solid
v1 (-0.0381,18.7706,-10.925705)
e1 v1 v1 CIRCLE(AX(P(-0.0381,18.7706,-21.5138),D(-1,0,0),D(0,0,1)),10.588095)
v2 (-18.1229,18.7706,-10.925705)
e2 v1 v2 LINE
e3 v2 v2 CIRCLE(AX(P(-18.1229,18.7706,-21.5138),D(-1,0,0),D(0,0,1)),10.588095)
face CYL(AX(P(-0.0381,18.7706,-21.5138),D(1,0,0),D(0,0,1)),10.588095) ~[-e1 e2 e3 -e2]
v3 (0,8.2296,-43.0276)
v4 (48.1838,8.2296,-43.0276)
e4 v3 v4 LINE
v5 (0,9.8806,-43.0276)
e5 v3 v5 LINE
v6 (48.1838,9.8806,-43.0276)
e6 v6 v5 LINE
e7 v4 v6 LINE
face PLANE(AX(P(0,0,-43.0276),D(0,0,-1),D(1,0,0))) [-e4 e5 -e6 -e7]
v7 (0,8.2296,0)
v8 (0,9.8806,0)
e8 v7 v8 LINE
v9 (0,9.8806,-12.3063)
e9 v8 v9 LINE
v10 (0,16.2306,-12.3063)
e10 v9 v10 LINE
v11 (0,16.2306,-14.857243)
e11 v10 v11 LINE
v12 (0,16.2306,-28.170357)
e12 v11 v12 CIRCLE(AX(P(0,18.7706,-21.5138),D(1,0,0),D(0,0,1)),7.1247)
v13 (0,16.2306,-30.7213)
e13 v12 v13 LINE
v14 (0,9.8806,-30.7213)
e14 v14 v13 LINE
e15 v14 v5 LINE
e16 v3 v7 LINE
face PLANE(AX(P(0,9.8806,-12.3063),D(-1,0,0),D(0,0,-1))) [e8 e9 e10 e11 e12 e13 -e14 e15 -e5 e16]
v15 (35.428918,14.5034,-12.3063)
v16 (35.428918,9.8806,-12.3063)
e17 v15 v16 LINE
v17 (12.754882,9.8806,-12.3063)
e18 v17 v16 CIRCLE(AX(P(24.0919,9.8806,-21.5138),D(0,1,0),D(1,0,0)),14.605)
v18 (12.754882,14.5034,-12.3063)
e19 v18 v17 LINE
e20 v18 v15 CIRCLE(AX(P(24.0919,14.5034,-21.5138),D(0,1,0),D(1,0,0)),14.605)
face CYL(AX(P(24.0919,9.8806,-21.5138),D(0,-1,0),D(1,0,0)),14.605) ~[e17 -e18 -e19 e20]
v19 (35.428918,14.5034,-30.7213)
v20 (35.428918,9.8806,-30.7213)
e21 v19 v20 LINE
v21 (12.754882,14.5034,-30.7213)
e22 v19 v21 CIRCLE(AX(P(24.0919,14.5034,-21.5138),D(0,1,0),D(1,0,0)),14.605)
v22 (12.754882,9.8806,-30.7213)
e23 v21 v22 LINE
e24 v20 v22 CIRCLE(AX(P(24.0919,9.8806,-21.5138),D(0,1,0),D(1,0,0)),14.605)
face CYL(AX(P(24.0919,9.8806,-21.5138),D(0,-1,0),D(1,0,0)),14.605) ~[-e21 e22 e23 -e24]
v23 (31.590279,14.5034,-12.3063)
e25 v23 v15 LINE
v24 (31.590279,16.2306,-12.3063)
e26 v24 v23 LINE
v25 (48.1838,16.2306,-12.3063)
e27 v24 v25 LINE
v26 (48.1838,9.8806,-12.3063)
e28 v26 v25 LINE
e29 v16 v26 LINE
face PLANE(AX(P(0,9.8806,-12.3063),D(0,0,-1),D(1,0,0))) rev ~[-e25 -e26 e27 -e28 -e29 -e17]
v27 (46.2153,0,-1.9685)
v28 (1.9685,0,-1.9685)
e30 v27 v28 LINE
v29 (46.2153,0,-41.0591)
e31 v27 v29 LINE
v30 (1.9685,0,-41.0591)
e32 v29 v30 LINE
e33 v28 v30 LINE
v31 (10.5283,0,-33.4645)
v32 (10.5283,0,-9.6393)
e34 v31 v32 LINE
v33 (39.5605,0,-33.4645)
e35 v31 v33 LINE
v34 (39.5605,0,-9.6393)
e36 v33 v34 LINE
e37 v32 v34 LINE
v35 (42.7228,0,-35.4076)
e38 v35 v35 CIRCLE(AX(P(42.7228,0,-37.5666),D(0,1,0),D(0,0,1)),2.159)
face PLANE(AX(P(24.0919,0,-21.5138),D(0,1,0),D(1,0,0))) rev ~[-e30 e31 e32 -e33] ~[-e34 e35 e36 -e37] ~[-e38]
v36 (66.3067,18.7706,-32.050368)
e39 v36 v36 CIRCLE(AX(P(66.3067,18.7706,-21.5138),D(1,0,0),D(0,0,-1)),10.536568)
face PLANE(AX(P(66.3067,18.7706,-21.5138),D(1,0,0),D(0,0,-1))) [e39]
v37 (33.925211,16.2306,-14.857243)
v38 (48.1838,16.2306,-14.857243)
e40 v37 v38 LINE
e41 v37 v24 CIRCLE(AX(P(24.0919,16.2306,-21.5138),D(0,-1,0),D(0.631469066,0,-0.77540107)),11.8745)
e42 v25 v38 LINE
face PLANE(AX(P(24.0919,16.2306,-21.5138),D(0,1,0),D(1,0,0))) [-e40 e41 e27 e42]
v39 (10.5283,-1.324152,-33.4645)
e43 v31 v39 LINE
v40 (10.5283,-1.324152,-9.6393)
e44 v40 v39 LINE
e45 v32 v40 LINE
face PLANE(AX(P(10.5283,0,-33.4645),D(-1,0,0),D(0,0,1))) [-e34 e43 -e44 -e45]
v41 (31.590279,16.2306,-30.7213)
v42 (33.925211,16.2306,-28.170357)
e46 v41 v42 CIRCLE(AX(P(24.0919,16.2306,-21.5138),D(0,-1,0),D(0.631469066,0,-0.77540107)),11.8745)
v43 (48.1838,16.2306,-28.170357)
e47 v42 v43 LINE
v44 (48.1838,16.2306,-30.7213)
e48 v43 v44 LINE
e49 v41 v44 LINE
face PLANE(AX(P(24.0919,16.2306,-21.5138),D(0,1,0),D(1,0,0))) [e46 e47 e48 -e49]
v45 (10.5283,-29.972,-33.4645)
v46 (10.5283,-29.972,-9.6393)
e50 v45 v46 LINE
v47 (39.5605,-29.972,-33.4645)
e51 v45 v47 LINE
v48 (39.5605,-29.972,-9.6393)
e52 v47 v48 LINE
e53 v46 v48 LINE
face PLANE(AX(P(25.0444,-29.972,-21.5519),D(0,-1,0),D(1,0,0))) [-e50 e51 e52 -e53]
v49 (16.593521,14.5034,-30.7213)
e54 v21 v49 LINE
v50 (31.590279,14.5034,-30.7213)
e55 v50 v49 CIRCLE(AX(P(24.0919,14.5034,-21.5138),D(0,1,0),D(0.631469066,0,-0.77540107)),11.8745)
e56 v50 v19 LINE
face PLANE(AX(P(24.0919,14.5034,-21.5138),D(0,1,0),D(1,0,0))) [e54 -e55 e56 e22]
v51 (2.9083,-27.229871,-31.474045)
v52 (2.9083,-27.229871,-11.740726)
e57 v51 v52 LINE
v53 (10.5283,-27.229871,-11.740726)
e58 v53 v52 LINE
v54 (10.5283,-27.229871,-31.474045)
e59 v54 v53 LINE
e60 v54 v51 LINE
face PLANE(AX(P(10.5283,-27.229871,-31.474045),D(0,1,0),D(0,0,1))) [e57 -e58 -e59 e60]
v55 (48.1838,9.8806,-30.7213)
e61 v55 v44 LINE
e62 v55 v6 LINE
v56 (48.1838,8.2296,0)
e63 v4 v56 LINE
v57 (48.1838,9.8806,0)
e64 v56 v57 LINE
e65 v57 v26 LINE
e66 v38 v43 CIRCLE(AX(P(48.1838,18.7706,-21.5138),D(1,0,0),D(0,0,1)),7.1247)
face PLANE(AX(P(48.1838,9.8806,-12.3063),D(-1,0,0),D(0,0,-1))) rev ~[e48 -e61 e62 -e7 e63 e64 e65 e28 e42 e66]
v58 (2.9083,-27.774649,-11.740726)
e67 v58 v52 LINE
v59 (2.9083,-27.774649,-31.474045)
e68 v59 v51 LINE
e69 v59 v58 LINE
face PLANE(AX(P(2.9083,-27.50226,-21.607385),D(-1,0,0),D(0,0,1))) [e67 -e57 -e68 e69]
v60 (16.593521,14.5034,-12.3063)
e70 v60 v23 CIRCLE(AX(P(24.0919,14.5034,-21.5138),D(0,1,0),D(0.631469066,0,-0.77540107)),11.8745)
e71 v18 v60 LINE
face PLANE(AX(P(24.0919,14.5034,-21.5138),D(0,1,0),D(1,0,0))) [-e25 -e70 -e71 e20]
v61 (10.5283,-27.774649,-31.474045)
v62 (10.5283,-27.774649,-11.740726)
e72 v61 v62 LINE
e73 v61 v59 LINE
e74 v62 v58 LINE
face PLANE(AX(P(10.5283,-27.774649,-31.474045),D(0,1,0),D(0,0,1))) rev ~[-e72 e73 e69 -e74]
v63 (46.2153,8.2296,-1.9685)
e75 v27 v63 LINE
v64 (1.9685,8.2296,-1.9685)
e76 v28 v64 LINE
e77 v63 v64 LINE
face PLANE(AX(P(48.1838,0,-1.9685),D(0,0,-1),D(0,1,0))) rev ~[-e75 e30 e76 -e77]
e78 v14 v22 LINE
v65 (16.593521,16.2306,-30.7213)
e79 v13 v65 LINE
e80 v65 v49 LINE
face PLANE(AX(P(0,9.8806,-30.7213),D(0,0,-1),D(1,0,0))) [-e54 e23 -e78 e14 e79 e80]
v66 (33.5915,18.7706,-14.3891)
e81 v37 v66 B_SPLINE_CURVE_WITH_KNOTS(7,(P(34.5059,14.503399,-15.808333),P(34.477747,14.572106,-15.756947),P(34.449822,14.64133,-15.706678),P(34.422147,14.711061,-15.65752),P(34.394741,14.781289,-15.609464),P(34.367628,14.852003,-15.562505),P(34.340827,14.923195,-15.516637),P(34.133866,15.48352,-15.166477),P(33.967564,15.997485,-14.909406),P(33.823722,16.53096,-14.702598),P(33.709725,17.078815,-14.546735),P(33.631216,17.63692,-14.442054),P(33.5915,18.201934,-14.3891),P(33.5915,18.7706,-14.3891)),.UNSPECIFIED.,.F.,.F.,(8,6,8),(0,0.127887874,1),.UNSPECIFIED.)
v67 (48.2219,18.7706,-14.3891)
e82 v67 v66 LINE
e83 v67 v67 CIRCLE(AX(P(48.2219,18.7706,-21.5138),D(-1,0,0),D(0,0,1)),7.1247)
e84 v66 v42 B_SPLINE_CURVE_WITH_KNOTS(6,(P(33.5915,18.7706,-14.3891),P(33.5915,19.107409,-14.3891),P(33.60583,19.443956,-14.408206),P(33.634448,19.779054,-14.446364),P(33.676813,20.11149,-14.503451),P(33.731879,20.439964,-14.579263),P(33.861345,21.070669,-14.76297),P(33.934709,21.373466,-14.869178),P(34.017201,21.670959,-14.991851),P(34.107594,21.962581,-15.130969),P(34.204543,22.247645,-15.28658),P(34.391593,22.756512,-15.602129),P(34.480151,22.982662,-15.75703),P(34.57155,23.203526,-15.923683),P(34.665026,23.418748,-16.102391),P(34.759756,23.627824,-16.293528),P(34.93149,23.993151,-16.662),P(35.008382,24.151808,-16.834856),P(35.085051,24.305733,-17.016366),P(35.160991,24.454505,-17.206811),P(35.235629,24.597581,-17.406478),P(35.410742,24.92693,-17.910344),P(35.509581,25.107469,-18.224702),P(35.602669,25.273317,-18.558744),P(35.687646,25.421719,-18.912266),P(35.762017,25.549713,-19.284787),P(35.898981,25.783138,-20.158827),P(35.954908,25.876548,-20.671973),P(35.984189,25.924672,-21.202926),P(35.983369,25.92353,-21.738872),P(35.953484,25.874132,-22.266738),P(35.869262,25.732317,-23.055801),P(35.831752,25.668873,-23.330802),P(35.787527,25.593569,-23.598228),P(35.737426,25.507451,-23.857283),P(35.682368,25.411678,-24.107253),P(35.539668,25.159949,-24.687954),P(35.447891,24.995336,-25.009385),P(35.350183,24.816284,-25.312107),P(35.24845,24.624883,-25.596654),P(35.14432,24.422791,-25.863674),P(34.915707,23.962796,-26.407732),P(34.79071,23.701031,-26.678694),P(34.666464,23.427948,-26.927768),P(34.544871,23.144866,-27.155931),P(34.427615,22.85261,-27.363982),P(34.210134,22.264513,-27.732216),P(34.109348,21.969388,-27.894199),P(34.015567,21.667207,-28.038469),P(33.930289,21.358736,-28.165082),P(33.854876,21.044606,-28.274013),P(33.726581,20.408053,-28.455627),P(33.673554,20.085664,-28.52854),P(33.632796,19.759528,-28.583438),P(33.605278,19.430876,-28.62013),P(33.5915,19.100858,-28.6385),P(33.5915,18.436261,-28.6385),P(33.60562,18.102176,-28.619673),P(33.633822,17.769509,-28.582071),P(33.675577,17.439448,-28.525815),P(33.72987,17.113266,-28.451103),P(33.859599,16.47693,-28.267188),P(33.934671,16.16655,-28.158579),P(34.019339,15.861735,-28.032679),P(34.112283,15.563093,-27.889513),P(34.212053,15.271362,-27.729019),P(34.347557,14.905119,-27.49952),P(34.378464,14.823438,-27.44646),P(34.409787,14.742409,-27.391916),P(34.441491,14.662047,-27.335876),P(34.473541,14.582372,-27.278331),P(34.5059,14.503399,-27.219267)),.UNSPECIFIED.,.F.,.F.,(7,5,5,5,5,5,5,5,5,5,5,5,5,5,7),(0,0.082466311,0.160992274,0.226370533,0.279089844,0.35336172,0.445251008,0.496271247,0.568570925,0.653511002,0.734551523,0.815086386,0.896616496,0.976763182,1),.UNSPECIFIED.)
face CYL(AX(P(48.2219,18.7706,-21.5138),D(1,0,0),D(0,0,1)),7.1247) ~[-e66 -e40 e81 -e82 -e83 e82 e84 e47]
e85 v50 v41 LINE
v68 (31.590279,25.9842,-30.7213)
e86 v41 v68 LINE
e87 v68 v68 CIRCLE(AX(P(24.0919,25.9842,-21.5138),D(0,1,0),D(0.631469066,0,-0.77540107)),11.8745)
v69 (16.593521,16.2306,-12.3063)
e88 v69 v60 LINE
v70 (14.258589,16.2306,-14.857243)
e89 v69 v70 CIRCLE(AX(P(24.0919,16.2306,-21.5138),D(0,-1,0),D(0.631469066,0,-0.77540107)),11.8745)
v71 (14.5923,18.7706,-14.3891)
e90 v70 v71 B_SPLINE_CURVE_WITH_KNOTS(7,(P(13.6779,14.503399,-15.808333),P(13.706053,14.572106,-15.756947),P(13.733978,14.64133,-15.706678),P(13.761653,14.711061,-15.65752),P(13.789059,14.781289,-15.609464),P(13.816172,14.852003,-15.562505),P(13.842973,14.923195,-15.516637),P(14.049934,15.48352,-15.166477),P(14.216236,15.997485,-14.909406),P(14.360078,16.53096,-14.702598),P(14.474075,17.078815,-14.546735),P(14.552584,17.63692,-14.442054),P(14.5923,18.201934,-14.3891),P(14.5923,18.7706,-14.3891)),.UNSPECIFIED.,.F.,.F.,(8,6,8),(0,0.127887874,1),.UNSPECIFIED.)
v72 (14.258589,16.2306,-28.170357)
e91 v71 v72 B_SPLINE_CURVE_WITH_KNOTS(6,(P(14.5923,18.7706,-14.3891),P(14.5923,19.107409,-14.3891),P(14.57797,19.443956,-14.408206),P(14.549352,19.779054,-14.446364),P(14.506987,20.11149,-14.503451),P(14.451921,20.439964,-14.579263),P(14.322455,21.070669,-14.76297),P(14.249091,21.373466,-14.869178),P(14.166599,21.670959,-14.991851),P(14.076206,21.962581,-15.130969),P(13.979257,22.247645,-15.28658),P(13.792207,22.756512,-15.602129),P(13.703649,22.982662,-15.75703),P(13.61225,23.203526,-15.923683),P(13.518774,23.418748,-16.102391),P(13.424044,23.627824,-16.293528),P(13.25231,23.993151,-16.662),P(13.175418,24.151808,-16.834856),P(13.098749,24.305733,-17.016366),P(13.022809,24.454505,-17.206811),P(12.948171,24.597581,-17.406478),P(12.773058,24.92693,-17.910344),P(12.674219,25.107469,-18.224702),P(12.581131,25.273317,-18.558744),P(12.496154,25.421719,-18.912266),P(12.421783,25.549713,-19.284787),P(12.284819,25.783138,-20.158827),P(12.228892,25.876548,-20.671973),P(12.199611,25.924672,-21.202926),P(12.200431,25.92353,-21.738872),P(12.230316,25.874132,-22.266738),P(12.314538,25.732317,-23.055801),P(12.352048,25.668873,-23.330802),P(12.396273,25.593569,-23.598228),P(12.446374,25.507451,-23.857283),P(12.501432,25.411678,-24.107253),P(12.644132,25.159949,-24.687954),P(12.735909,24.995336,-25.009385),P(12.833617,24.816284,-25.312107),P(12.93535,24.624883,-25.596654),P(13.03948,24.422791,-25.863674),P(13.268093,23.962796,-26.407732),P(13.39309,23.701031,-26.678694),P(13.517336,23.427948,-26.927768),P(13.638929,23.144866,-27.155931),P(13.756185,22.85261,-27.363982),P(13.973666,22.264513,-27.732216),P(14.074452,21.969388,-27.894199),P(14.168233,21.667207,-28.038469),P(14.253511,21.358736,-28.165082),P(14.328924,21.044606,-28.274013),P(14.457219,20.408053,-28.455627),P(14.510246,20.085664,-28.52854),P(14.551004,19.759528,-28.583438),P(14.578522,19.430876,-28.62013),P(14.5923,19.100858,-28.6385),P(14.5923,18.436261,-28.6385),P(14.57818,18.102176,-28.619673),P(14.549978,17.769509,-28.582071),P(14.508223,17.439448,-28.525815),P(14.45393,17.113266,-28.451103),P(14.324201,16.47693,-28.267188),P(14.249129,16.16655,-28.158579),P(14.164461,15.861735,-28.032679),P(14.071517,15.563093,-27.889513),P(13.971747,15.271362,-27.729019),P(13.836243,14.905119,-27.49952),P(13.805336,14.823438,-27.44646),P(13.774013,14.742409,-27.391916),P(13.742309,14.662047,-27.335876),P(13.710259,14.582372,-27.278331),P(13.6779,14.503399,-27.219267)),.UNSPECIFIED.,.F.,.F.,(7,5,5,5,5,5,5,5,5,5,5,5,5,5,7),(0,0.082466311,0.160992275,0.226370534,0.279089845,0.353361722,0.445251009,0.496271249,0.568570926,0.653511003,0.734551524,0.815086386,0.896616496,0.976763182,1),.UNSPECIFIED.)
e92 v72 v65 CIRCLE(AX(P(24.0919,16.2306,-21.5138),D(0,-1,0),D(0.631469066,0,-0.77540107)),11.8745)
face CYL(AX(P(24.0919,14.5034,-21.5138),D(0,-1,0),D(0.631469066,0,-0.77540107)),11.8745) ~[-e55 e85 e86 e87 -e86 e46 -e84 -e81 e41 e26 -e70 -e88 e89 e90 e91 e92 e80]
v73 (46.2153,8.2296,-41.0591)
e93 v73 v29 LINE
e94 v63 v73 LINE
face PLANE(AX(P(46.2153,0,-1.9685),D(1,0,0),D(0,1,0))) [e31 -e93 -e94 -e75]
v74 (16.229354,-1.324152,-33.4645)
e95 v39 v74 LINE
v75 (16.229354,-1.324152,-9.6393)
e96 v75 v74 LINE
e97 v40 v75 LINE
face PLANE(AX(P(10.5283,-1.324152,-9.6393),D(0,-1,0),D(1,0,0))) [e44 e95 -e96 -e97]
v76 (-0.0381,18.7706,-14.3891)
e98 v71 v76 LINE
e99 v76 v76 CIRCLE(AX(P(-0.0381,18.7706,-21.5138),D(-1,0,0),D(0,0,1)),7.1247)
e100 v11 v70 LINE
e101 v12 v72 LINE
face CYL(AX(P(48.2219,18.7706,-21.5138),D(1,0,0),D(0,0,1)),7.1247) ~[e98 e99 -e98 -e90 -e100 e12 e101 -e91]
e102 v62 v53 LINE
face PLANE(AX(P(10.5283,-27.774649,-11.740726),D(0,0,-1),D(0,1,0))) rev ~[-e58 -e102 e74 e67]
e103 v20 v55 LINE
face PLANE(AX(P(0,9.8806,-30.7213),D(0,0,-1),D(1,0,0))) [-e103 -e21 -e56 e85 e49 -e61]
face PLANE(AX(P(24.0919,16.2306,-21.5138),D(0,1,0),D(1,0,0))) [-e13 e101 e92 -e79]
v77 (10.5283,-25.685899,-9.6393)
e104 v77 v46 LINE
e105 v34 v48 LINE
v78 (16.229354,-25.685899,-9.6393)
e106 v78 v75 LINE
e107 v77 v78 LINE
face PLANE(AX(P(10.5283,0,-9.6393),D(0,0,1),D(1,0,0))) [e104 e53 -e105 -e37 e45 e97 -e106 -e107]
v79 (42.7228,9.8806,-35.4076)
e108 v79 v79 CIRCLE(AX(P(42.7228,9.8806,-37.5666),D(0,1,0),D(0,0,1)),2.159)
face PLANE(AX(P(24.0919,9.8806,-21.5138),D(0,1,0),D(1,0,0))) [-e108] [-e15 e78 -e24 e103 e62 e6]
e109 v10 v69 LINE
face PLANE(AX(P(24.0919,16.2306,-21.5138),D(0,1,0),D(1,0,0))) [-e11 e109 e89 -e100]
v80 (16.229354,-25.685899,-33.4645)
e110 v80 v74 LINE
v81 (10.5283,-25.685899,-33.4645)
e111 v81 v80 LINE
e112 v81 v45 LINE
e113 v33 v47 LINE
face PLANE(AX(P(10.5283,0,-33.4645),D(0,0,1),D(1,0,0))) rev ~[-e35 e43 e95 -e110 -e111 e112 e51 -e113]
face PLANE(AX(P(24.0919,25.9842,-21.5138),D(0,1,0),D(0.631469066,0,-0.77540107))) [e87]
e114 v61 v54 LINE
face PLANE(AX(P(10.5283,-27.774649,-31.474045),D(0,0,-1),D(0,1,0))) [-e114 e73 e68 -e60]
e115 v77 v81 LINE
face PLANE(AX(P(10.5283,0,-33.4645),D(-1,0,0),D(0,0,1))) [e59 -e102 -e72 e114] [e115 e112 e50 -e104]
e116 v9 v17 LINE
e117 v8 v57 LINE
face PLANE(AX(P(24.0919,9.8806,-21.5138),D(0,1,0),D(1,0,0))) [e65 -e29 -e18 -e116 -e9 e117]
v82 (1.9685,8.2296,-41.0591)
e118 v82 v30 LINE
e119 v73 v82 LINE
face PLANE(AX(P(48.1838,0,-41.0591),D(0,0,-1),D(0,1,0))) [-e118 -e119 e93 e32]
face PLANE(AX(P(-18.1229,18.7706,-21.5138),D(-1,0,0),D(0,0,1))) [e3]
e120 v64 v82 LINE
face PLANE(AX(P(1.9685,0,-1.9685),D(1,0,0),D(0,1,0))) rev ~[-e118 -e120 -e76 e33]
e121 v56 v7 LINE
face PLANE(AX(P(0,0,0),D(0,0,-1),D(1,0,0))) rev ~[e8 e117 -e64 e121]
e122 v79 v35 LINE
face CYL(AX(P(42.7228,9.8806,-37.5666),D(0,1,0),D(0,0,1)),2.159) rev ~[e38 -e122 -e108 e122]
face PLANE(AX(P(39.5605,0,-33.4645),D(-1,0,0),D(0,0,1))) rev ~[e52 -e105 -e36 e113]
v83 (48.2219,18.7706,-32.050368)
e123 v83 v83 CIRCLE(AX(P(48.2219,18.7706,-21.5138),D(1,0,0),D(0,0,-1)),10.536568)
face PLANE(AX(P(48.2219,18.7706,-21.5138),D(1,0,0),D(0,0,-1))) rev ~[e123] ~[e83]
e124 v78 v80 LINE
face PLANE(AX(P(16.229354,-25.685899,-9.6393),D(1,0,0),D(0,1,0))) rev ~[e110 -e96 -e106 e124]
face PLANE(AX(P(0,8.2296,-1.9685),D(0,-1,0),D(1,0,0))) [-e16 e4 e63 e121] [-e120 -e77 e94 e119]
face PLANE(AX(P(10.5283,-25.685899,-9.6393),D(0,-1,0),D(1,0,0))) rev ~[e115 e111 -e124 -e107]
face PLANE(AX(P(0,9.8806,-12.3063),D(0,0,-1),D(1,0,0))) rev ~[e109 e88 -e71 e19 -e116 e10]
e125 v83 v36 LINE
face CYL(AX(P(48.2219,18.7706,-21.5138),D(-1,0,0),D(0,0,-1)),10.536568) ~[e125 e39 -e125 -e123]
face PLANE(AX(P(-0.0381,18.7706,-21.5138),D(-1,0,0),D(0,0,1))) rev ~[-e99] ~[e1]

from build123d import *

# Parameters (mm, degrees)
SKETCH1_W                = 48.1838
SKETCH1_H                = 43.0276
BOSS_EXTRUDE1_DEPTH      = 9.8806
SKETCH2_W                = 1.9685
SKETCH2_H                = 8.2296
CUT_EXTRUDE1_DEPTH       = 66.350433821
SKETCH4_W                = 1.9685
SKETCH4_H                = 8.2296
CUT_EXTRUDE2_DEPTH       = 65.071479861
SKETCH7_W                = 2.93146275
SKETCH7_H                = 2.802785647
BOSS_EXTRUDE2_DEPTH      = 8.89
BOSS_EXTRUDE3_DEPTH      = 24.13
BOSS_EXTRUDE3_DEPTH_BACK = 24.13
SKETCH8_R                = 7.1247
SKETCH9_W                = 48.1838
SKETCH9_H                = 18.415
BOSS_EXTRUDE4_DEPTH      = 6.35
SKETCH10_R               = 10.536568217
BOSS_EXTRUDE5_DEPTH      = 18.0848
SKETCH11_R               = 10.588095361
BOSS_EXTRUDE6_DEPTH      = 18.0848
SKETCH12_W               = 3.635847489
SKETCH12_H               = 2.34172836
CUT_EXTRUDE3_DEPTH       = 79.754744187
SKETCH14_W               = 3.684147677
SKETCH14_H               = 13.068356619
CUT_EXTRUDE4_DEPTH       = 79.754744187
SKETCH15_R               = 14.605
BOSS_EXTRUDE7_DEPTH      = 4.6228
SKETCH16_R               = 11.8745
BOSS_EXTRUDE8_DEPTH      = 11.4808
SKETCH18_R               = 2.159
CUT_EXTRUDE5_DEPTH       = 11.4808
SKETCH19_W               = 29.0322
SKETCH19_H               = 23.8252
BOSS_EXTRUDE9_DEPTH      = 29.972
SKETCH20_W               = 5.701054359
SKETCH20_H               = 24.361747341
CUT_EXTRUDE6_DEPTH       = 29.972
SKETCH21_W               = 19.733319163
SKETCH21_H               = 0.544777799
BOSS_EXTRUDE10_DEPTH     = 7.62


with BuildPart() as part:
    # Sketch1 → Boss-Extrude1 (new body)
    with BuildSketch(Plane(origin=(0, 0, 0), x_dir=(1, 0, 0), z_dir=(0, 1, 0))):
        with Locations((24.0919, 21.5138)):
            Rectangle(SKETCH1_W, SKETCH1_H)
    extrude(amount=BOSS_EXTRUDE1_DEPTH)

    # Sketch2 → Cut-Extrude1 (cut, through all)
    with BuildSketch(Plane(origin=(48.1838, 0, 0), x_dir=(0, 0, -1), z_dir=(1, 0, 0))):
        with Locations((42.04335, 4.1148)):
            Rectangle(SKETCH2_W, SKETCH2_H)
        with Locations((0.98425, 4.1148)):
            Rectangle(SKETCH2_W, SKETCH2_H)
    extrude(amount=-CUT_EXTRUDE1_DEPTH, mode=Mode.SUBTRACT)

    # Sketch4 → Cut-Extrude2 (cut, through all)
    with BuildSketch(Plane.XY.offset(-1.9685)):
        with Locations((0.98425, 4.1148)):
            Rectangle(SKETCH4_W, SKETCH4_H)
        with Locations((47.19955, 4.1148)):
            Rectangle(SKETCH4_W, SKETCH4_H)
    extrude(amount=-CUT_EXTRUDE2_DEPTH, mode=Mode.SUBTRACT)

    # Sketch7 → Boss-Extrude2 (add)
    with BuildSketch(Plane(origin=(0, 9.8806, 0), x_dir=(1, 0, 0), z_dir=(0, 1, 0))):
        with Locations((25.557631375, 20.112407176)):
            Rectangle(SKETCH7_W, SKETCH7_H)
    extrude(amount=BOSS_EXTRUDE2_DEPTH)

    # Sketch8 → Boss-Extrude3 (add, two sides: drawn at the far end of the back side and taken through both)
    with BuildSketch(Plane.ZY.offset(-24.0919).offset(-BOSS_EXTRUDE3_DEPTH_BACK)):
        with Locations((-21.5138, 18.7706)):
            Circle(SKETCH8_R)
    extrude(amount=BOSS_EXTRUDE3_DEPTH + BOSS_EXTRUDE3_DEPTH_BACK)

    # Sketch9 → Boss-Extrude4 (add)
    with BuildSketch(Plane(origin=(0, 9.8806, 0), x_dir=(1, 0, 0), z_dir=(0, 1, 0))):
        with Locations((24.0919, 21.5138)):
            Rectangle(SKETCH9_W, SKETCH9_H)
    extrude(amount=BOSS_EXTRUDE4_DEPTH)

    # Sketch10 → Boss-Extrude5 (add)
    with BuildSketch(Plane(origin=(48.2219, 0, 0), x_dir=(0, 0, -1), z_dir=(1, 0, 0))):
        with Locations((21.5138, 18.7706)):
            Circle(SKETCH10_R)
    extrude(amount=BOSS_EXTRUDE5_DEPTH)

    # Sketch11 → Boss-Extrude6 (add)
    with BuildSketch(Plane.ZY.offset(0.0381)):
        with Locations((-21.5138, 18.7706)):
            Circle(SKETCH11_R)
    extrude(amount=BOSS_EXTRUDE6_DEPTH)

    # Sketch12 → Cut-Extrude3 (cut, through all)
    with BuildSketch(Plane.XY.offset(-12.3063)):
        with Locations((25.909823745, 11.05146418)):
            Rectangle(SKETCH12_W, SKETCH12_H)
    extrude(amount=-CUT_EXTRUDE3_DEPTH, mode=Mode.SUBTRACT)

    # Sketch14 → Cut-Extrude4 (cut, through all)
    with BuildSketch(Plane.XY.offset(-12.3063)):
        with Locations((25.933973839, 18.75650667)):
            Rectangle(SKETCH14_W, SKETCH14_H)
    extrude(amount=-CUT_EXTRUDE4_DEPTH, mode=Mode.SUBTRACT)

    # Sketch15 → Boss-Extrude7 (add)
    with BuildSketch(Plane(origin=(0, 9.8806, 0), x_dir=(1, 0, 0), z_dir=(0, 1, 0))):
        with Locations((24.0919, 21.5138)):
            Circle(SKETCH15_R)
    extrude(amount=BOSS_EXTRUDE7_DEPTH)

    # Sketch16 → Boss-Extrude8 (add)
    with BuildSketch(Plane(origin=(0, 14.5034, 0), x_dir=(1, 0, 0), z_dir=(0, 1, 0))):
        with Locations(Location((24.0919, 21.5138, 0), (0, 0, 50.84140908))):
            Circle(SKETCH16_R)
    extrude(amount=BOSS_EXTRUDE8_DEPTH)

    # Sketch18 → Cut-Extrude5 (cut)
    with BuildSketch(Plane(origin=(0, 9.8806, 0), x_dir=(1, 0, 0), z_dir=(0, 1, 0))):
        with Locations(Location((42.7228, 37.5666, 0), (0, 0, 270))):
            Circle(SKETCH18_R)
    extrude(amount=-CUT_EXTRUDE5_DEPTH, mode=Mode.SUBTRACT)

    # Sketch19 → Boss-Extrude9 (add)
    with BuildSketch(Plane.XZ):
        with Locations((25.0444, -21.5519)):
            Rectangle(SKETCH19_W, SKETCH19_H)
    extrude(amount=BOSS_EXTRUDE9_DEPTH)

    # Sketch20 → Cut-Extrude6 (cut)
    with BuildSketch(Plane.XY.offset(-9.6393)):
        with Locations((13.378827179, -13.505025304)):
            Rectangle(SKETCH20_W, SKETCH20_H)
    extrude(amount=-CUT_EXTRUDE6_DEPTH, mode=Mode.SUBTRACT)

    # Sketch21 → Boss-Extrude10 (add)
    with BuildSketch(Plane.ZY.offset(-10.5283)):
        with Locations((-21.607385296, -27.502260314)):
            Rectangle(SKETCH21_W, SKETCH21_H)
    extrude(amount=BOSS_EXTRUDE10_DEPTH)


solid = part.part
